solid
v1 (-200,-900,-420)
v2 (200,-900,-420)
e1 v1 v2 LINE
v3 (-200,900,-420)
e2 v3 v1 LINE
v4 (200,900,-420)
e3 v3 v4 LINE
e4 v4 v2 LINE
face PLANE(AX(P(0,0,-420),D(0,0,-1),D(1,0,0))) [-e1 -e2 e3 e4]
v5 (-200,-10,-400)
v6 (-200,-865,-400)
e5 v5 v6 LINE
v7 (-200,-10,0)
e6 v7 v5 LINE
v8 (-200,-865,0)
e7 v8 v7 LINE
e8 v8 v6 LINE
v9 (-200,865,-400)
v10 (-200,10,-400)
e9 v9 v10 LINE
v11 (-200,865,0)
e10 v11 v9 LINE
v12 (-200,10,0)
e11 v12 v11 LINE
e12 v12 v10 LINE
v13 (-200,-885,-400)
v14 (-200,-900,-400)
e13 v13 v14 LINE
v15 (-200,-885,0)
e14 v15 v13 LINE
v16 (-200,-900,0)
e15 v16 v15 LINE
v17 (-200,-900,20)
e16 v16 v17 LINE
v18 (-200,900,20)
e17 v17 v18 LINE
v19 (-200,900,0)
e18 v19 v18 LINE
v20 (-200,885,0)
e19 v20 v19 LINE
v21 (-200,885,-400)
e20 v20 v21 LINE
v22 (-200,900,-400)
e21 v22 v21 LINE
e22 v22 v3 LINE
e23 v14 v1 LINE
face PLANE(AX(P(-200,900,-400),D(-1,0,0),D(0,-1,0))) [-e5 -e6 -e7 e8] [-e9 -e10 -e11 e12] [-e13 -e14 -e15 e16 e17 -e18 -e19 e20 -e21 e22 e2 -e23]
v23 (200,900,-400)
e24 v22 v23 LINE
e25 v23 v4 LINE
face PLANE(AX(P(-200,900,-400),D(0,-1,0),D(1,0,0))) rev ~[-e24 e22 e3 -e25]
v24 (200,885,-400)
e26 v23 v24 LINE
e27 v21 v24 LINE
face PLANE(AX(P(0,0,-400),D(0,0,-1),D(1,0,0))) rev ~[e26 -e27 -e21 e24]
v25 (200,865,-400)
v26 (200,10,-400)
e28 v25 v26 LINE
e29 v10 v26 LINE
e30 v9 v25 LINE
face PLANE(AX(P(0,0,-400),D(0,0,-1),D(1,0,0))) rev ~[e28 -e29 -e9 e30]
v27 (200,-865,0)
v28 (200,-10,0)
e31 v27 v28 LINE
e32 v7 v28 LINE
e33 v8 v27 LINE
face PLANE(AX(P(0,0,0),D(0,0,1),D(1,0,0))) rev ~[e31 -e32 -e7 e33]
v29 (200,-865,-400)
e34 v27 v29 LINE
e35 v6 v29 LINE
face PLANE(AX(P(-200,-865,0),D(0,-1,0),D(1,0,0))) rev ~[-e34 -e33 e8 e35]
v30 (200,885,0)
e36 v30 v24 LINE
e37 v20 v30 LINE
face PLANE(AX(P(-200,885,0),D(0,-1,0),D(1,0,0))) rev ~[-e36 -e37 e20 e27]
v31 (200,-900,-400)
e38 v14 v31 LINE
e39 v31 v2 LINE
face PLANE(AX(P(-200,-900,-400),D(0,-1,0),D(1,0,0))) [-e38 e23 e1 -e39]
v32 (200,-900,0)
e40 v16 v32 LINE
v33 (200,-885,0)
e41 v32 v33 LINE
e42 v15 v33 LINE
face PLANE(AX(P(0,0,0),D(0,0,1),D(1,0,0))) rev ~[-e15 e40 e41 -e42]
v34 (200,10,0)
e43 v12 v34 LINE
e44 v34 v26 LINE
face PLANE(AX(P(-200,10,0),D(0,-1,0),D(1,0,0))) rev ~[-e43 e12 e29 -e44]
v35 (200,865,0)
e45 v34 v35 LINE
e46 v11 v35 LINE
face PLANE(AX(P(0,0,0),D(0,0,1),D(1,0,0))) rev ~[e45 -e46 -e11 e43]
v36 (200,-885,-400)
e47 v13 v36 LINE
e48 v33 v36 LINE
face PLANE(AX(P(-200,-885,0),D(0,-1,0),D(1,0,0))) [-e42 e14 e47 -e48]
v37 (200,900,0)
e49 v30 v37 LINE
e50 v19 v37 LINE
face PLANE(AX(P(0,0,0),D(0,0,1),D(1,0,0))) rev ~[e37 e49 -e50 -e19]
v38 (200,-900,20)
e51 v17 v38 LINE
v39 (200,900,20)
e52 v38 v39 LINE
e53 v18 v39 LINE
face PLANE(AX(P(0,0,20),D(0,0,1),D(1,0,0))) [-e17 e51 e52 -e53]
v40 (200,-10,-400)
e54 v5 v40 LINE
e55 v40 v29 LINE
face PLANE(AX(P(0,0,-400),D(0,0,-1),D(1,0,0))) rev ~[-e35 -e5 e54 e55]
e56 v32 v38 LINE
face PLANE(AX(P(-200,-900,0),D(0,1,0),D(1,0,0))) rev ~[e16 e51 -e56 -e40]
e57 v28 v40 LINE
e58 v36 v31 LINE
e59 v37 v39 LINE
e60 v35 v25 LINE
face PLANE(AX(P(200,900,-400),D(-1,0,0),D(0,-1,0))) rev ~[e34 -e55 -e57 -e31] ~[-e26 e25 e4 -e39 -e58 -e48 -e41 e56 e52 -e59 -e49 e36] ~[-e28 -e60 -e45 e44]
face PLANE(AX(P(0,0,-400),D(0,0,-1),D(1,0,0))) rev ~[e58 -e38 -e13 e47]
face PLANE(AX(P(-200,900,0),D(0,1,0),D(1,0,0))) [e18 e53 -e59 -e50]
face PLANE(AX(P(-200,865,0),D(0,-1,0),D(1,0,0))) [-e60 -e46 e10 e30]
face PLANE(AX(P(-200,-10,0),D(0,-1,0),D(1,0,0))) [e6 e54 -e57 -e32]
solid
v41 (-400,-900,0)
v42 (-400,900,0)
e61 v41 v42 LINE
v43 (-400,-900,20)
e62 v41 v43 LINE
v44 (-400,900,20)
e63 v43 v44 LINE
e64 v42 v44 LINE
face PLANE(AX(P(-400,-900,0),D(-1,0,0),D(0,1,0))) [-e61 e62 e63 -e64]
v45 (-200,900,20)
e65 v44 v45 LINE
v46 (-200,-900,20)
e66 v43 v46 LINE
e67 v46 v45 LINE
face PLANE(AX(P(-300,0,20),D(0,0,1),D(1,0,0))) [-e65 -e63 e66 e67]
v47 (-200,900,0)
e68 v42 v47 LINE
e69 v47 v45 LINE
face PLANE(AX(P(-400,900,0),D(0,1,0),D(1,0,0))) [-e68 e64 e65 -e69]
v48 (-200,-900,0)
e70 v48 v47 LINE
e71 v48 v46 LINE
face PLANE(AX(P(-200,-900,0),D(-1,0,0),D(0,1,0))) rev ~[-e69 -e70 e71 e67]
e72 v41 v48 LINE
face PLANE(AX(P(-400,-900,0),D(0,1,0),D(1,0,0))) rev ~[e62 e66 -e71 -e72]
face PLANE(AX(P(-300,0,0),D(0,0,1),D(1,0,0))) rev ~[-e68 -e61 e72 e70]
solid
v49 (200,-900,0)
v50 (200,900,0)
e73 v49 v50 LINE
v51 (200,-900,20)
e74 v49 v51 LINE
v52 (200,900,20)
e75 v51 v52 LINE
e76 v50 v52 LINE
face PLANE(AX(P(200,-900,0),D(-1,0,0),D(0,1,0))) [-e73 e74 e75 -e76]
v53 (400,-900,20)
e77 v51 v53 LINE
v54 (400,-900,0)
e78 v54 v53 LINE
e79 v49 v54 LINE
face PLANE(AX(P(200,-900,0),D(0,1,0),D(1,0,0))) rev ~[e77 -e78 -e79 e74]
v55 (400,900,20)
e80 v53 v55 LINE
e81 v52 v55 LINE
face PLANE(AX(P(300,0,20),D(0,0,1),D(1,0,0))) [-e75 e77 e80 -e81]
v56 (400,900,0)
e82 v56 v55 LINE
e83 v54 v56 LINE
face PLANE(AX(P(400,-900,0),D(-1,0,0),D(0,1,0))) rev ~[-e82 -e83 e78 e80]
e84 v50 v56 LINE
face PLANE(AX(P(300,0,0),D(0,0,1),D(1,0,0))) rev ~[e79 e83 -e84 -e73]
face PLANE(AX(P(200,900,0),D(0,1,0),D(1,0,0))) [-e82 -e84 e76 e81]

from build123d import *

# Parameters (mm, degrees)
F0_W     = 400
F0_H     = 1800
F1_DEPTH = 20
F2_W     = 400
F2_H     = 20
F3_DEPTH = 400
F4_W     = 400
F4_H     = 1800
F5_DEPTH = 20
F6_W     = 200
F6_H     = 1800
F7_DEPTH = 20


with BuildPart() as f1:
    # F0 (on Top) → F1 (new body)
    with BuildSketch(Plane.XY):
        Rectangle(F0_W, F0_H)
    extrude(amount=F1_DEPTH)

    # F2 (on face) → F3 (join)
    with BuildSketch(Plane(origin=(0, 0, 0), x_dir=(1, 0, 0), z_dir=(0, 0, -1))):
        Rectangle(F2_W, F2_H)
        with Locations((0, 875)):
            Rectangle(F2_W, F2_H)
        with Locations((0, -875)):
            Rectangle(F2_W, F2_H)
    extrude(amount=F3_DEPTH)

    # F4 (on face) → F5 (join)
    with BuildSketch(Plane(origin=(0, 0, -400), x_dir=(1, 0, 0), z_dir=(0, 0, -1))):
        Rectangle(F4_W, F4_H)
    extrude(amount=F5_DEPTH)


with BuildPart() as f7:
    # F6 (on Top) → F7 (new body)
    with BuildSketch(Plane.XY):
        with Locations((-300, 0)):
            Rectangle(F6_W, F6_H)
    extrude(amount=F7_DEPTH)


with BuildPart() as f7b:
    # F6 (on Top) → F7, piece 2 (new body)
    with BuildSketch(Plane.XY):
        with Locations((300, 0)):
            Rectangle(F6_W, F6_H)
    extrude(amount=F7_DEPTH)


solid = Compound([f1.part, f7.part, f7b.part])
